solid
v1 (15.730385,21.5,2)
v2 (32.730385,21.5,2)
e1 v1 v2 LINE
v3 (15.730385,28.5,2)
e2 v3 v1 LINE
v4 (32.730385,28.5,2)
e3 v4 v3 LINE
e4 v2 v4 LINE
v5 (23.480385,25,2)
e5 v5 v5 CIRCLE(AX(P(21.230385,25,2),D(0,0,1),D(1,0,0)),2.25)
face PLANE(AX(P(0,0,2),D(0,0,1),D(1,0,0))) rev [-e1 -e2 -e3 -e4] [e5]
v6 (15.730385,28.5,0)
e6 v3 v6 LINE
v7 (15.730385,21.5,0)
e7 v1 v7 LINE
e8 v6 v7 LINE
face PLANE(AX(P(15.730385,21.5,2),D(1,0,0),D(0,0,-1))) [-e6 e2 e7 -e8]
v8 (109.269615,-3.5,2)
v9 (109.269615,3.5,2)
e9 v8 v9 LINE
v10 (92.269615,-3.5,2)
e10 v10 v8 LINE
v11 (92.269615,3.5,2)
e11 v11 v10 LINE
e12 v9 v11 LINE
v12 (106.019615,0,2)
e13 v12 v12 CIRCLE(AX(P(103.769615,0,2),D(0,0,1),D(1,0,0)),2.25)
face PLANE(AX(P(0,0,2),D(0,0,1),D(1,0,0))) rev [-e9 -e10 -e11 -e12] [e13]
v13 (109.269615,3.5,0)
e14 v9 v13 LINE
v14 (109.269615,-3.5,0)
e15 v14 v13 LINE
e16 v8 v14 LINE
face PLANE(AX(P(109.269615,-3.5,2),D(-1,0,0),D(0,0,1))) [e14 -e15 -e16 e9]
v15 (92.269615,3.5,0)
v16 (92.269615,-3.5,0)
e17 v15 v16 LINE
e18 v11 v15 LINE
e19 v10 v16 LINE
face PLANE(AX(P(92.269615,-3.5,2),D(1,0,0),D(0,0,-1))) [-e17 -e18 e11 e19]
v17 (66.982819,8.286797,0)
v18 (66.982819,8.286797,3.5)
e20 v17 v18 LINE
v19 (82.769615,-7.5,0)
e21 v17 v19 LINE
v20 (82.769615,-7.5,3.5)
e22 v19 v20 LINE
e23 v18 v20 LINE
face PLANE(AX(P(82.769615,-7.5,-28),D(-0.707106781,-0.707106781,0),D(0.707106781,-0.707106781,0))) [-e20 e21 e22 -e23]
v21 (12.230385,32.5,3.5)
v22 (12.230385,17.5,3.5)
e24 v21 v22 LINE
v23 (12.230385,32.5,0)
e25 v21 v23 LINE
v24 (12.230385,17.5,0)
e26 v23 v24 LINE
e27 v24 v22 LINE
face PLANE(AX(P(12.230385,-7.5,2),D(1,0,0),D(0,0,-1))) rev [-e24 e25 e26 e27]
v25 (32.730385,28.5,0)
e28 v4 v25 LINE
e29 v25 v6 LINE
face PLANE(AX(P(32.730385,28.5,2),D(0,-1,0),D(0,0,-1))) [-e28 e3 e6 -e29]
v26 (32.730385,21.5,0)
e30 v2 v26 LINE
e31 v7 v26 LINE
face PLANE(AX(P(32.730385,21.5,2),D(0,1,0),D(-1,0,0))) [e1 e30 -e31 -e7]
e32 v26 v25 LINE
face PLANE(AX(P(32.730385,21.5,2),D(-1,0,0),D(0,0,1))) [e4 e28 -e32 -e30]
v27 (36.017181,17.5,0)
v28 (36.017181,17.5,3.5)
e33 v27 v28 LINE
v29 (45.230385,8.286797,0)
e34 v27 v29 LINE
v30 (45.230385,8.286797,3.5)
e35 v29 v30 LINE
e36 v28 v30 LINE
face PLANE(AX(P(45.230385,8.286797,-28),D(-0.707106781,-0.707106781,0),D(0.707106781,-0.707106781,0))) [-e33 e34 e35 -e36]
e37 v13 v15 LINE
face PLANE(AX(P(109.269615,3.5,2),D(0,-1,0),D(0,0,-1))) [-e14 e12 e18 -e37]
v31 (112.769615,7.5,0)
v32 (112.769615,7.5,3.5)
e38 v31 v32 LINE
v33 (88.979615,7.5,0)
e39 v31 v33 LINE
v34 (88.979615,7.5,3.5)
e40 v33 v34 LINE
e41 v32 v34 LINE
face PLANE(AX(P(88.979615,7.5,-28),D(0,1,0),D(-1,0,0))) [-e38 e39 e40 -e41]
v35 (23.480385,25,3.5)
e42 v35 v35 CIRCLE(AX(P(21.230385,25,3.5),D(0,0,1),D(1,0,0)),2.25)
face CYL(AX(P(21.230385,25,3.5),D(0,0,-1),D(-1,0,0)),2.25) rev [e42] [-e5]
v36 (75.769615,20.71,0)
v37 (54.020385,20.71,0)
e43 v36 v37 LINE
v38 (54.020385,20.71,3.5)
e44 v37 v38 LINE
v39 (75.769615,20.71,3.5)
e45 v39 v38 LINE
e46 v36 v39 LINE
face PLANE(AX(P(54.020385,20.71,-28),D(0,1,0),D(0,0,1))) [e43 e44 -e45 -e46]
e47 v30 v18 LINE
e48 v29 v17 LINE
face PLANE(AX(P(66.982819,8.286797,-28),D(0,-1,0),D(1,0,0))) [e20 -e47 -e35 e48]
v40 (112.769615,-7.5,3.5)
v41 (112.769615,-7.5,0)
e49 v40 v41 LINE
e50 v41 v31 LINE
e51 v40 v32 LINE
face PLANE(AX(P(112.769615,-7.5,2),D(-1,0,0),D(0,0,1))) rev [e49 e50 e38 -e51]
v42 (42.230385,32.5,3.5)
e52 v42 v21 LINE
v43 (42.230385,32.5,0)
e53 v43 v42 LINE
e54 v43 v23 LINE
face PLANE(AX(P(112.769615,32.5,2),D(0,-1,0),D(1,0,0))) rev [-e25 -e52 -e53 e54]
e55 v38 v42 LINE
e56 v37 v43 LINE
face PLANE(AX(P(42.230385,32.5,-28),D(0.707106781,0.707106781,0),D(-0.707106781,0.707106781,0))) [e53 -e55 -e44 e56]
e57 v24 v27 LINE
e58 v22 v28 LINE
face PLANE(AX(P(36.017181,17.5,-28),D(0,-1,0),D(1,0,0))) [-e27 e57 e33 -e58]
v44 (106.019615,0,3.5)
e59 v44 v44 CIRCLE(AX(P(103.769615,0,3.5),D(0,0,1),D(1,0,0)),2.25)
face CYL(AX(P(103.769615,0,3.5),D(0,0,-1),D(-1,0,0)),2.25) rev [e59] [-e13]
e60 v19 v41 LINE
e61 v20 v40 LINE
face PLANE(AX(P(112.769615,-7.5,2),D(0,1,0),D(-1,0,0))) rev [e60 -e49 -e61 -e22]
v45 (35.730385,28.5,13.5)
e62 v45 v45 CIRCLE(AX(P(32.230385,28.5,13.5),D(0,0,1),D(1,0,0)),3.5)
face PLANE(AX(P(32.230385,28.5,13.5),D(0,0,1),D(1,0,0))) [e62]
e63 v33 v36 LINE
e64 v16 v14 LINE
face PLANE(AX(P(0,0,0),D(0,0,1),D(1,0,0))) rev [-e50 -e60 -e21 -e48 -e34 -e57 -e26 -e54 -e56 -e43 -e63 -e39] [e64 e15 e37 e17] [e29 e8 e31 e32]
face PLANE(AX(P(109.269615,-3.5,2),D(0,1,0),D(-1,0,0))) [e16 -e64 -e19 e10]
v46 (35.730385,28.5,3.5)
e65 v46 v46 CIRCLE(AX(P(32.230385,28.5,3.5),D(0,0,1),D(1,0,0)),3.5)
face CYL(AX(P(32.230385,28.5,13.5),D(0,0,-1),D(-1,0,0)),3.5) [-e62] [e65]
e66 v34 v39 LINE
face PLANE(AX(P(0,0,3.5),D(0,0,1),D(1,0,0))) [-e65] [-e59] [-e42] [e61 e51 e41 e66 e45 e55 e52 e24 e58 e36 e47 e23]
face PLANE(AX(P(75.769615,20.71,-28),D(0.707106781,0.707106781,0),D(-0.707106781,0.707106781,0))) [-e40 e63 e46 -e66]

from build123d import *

# Parameters (mm, degrees)
SKETCH_1_W          = 100.539230484
SKETCH_1_H          = 40
SKETCH_1_W_2        = 17
SKETCH_1_H_2        = 7
EXTRUDE_1_DEPTH     = 2
SKETCH_2_W          = 100.539230484
SKETCH_2_H          = 40
SKETCH_2_R          = 2.25
EXTRUDE_2_DEPTH     = 1.5
SKETCH_3_W          = 184.808915215
SKETCH_3_H          = 94.825170589
CUT_EXTRUDE_1_DEPTH = 31.5
SKETCH_4_R          = 3.5
EXTRUDE_3_DEPTH     = 10


with BuildPart() as part:
    # Эскиз1 → Бобышка-Вытянуть1 (new body)
    with BuildSketch(Plane.XY):
        with Locations((62.5, 12.5)):
            Rectangle(SKETCH_1_W, SKETCH_1_H)
        with Locations((24.230384758, 25)):
            Rectangle(SKETCH_1_W_2, SKETCH_1_H_2, mode=Mode.SUBTRACT)
        with Locations((100.769615242, 0)):
            Rectangle(SKETCH_1_W_2, SKETCH_1_H_2, mode=Mode.SUBTRACT)
    extrude(amount=EXTRUDE_1_DEPTH)

    # Эскиз2 → Бобышка-Вытянуть2 (add)
    with BuildSketch(Plane.XY.offset(2)):
        with Locations((62.5, 12.5)):
            Rectangle(SKETCH_2_W, SKETCH_2_H)
        with Locations((21.230384758, 25)):
            Circle(SKETCH_2_R, mode=Mode.SUBTRACT)
        with Locations((103.769615242, 0)):
            Circle(SKETCH_2_R, mode=Mode.SUBTRACT)
    extrude(amount=EXTRUDE_2_DEPTH)

    # Эскиз3 → Вырез-Вытянуть1 (cut)
    with BuildSketch(Plane.XY.offset(3.5)):
        with Locations((81.231416835, 7.831688581)):
            Rectangle(SKETCH_3_W, SKETCH_3_H)
        Polygon((12.230384758, 32.5), (42.230384758, 32.5), (54.020384758, 20.71), (75.769615242, 20.71), (88.979615242, 7.5), (112.769615242, 7.5), (112.769615242, -7.5), (82.769615242, -7.5), (66.982818678, 8.286796564), (45.230384758, 8.286796564), (36.017181322, 17.5), (12.230384758, 17.5), align=None, mode=Mode.SUBTRACT)
    extrude(amount=-CUT_EXTRUDE_1_DEPTH, mode=Mode.SUBTRACT)

    # Эскиз4 → Бобышка-Вытянуть3 (add)
    with BuildSketch(Plane.XY.offset(3.5)):
        with Locations((32.230384758, 28.5)):
            Circle(SKETCH_4_R)
    extrude(amount=EXTRUDE_3_DEPTH)


solid = part.part
